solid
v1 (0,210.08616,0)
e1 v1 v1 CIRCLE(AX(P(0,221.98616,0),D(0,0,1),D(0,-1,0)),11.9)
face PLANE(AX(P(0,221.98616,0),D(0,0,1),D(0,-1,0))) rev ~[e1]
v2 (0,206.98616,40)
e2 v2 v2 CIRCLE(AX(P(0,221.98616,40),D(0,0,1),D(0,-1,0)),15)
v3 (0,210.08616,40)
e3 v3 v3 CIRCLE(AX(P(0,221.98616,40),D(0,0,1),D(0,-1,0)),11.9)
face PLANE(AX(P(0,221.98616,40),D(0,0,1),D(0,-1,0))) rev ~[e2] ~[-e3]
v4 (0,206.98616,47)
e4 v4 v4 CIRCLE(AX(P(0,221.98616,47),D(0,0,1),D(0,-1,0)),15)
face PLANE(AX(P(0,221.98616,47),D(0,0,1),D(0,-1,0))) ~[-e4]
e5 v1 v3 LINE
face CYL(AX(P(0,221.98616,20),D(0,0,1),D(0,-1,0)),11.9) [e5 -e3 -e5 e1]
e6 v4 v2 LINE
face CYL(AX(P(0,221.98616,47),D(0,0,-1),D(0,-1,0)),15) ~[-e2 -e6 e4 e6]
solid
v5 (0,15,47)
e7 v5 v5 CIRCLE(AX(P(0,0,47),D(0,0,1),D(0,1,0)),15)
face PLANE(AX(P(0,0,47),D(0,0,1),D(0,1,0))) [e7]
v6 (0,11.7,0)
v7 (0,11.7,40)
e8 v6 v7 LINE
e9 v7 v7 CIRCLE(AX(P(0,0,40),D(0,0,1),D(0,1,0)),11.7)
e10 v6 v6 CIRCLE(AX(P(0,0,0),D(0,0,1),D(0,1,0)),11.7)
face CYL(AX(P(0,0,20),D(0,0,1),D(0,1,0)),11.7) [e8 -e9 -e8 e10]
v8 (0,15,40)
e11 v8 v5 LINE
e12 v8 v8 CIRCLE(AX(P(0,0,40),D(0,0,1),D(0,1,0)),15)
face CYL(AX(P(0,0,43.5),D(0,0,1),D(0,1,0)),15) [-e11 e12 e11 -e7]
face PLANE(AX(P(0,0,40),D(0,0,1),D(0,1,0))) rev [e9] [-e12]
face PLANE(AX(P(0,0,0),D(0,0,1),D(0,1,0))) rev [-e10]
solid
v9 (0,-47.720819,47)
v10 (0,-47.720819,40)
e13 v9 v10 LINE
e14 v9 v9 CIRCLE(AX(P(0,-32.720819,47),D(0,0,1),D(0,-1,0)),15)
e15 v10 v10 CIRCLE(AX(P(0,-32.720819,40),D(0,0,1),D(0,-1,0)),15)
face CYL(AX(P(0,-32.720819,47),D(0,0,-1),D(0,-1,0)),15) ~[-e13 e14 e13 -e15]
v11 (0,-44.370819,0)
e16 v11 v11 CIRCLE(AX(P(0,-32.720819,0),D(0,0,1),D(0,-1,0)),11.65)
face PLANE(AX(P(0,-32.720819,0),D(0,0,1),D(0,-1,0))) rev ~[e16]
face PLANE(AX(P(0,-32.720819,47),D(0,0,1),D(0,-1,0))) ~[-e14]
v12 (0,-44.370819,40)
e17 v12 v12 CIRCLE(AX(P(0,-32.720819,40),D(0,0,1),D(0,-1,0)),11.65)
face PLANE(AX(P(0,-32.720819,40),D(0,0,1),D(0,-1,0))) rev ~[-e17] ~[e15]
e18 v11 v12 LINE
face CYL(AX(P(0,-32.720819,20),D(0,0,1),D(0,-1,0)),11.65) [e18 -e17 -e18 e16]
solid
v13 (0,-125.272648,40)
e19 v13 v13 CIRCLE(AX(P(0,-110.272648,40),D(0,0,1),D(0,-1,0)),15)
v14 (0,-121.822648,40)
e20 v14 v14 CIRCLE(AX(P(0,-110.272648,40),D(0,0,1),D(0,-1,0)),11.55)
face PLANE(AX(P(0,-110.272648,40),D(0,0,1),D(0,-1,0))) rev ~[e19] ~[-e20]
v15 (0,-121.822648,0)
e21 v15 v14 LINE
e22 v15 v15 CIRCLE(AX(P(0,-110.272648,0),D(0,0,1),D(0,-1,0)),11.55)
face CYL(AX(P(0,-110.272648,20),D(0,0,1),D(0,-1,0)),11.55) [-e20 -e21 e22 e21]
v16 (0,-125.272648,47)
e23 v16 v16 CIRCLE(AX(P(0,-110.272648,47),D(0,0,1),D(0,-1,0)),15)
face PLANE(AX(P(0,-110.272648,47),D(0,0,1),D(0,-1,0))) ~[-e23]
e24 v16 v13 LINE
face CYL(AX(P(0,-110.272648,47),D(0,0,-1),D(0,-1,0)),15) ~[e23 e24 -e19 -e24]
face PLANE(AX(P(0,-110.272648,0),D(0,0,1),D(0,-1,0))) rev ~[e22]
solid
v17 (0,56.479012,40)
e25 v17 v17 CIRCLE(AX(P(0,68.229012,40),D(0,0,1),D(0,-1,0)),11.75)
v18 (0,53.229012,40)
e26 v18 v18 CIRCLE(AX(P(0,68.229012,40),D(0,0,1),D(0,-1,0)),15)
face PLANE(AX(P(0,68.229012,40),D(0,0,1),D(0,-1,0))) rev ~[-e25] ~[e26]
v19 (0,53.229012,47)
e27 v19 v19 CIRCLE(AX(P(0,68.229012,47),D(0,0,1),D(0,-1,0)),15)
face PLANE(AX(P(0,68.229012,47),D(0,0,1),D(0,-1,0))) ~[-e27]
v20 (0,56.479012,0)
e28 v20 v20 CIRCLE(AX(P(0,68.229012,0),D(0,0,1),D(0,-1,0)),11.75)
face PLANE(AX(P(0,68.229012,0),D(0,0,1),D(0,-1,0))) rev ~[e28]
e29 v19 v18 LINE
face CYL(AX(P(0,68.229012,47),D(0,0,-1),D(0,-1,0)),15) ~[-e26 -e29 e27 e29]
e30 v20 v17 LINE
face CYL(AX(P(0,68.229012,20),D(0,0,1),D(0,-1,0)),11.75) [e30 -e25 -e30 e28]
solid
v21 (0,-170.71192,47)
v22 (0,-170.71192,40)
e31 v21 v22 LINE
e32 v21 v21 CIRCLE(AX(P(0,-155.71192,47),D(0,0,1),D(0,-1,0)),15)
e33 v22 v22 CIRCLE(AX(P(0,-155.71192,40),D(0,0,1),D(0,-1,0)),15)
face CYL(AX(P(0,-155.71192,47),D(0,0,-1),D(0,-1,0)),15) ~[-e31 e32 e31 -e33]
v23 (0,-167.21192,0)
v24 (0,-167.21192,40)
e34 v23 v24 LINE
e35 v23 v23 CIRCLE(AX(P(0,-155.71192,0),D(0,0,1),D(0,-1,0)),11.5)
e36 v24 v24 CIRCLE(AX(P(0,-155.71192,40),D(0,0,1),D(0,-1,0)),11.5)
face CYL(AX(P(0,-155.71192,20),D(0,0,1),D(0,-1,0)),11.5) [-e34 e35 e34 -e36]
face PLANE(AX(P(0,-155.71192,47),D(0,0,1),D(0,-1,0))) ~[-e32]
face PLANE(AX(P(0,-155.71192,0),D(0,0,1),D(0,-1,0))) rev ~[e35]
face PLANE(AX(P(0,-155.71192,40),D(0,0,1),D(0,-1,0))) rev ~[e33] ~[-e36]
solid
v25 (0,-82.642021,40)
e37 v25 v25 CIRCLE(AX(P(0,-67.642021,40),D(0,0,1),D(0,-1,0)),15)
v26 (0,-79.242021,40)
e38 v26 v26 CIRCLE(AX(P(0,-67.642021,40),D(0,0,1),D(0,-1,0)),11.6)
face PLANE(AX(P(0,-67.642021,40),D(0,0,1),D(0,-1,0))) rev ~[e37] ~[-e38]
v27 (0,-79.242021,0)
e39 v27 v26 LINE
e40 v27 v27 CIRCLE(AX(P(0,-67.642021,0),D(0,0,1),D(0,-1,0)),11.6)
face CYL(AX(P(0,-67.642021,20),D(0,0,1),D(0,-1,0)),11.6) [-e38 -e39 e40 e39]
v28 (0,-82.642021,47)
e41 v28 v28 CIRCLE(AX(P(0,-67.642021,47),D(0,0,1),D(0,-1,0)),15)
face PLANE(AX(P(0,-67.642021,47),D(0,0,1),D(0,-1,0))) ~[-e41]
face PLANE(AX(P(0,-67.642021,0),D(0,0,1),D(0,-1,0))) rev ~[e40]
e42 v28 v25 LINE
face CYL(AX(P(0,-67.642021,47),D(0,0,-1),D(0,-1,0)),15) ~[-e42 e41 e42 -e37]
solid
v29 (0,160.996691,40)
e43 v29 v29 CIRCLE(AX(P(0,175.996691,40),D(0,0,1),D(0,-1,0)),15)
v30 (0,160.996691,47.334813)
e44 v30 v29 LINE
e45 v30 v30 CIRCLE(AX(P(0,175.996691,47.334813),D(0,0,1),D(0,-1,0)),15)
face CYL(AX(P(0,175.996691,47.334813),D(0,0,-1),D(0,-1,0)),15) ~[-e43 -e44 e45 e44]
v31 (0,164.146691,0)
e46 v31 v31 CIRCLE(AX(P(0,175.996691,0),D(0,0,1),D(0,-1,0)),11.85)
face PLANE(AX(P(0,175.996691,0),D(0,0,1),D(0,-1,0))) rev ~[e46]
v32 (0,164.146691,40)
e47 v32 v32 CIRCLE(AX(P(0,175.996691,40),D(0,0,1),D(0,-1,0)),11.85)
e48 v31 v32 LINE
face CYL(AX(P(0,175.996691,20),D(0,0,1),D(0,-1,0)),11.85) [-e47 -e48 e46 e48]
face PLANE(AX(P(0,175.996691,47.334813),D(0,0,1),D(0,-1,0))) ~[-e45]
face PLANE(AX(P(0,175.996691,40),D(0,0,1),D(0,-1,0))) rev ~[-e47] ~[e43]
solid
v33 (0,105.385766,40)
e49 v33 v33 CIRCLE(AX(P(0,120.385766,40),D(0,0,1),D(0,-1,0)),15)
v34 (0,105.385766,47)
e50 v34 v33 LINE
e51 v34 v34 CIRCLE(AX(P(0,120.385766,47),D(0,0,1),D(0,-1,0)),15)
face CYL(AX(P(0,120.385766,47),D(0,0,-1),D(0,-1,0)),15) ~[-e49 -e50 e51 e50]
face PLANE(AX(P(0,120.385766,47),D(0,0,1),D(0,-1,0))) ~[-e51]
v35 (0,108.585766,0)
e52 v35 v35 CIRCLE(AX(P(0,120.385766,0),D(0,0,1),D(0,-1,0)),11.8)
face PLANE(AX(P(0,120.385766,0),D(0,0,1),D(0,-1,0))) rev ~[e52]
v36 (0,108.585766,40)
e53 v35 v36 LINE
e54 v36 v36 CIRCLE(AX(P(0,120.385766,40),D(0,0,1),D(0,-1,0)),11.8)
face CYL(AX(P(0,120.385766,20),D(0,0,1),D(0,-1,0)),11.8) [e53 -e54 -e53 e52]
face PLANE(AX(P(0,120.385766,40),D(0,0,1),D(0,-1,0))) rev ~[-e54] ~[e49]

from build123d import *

# Parameters (mm, degrees)
F0_W    = 11.7
F0_H    = 7
F0_W_2  = 3.3
F0_H_2  = 40
F0_W_3  = 11.9
F0_W_4  = 11.85
F0_W_5  = 11.8
F0_W_6  = 11.75
F0_W_7  = 11.65
F0_W_8  = 11.6
F0_W_9  = 11.55
F0_W_10 = 11.5


with BuildPart() as f1:
    # F0 (on Right) → F1 (revolve)
    with BuildSketch(Plane.YZ):
        with Locations((5.85, 43.5)):
            Rectangle(F0_W, F0_H)
        with Locations((13.35, 43.5)):
            Rectangle(F0_W_2, F0_H)
        with Locations((5.85, 20)):
            Rectangle(F0_W, F0_H_2)
    revolve(axis=Axis((0, 0, 23.5), (0, 0, 1)))


with BuildPart() as f2:
    # F0 (on Right) → F2 (revolve)
    with BuildSketch(Plane.YZ):
        with Locations((216.0361596823, 20)):
            Rectangle(F0_W_3, F0_H_2)
        Polygon((210.0861596823, 40), (221.9861596823, 40), (221.9861596823, 47), (206.9861596823, 47), (206.9861596823, 40), align=None)
    revolve(axis=Axis((0, 221.9861596823, 20), (0, 0, 1)))


with BuildPart() as f3:
    # F0 (on Right) → F3 (revolve)
    with BuildSketch(Plane.YZ):
        with Locations((170.0716909885, 20)):
            Rectangle(F0_W_4, F0_H_2)
        Polygon((160.9966909885, 40), (164.1466909885, 40), (175.9966909885, 40), (175.9966909885, 47.3348134756), (160.9966909885, 47.3348134756), align=None)
    revolve(axis=Axis((0, 175.9966909885, 20), (0, 0, 1)))


with BuildPart() as f4:
    # F0 (on Right) → F4 (revolve)
    with BuildSketch(Plane.YZ):
        with Locations((114.4857660294, 20)):
            Rectangle(F0_W_5, F0_H_2)
        Polygon((108.5857660294, 40), (120.3857660294, 40), (120.3857660294, 47), (105.3857660294, 47), (105.3857660294, 40), align=None)
    revolve(axis=Axis((0, 120.3857660294, 20), (0, 0, 1)))


with BuildPart() as f5:
    # F0 (on Right) → F5 (revolve)
    with BuildSketch(Plane.YZ):
        Polygon((56.4790121913, 40), (68.2290121913, 40), (68.2290121913, 47), (53.2290121913, 47), (53.2290121913, 40), align=None)
        with Locations((62.3540121913, 20)):
            Rectangle(F0_W_6, F0_H_2)
    revolve(axis=Axis((0, 68.2290121913, 20), (0, 0, 1)))


with BuildPart() as f6:
    # F0 (on Right) → F6 (revolve)
    with BuildSketch(Plane.YZ):
        with Locations((-38.5458188832, 20)):
            Rectangle(F0_W_7, F0_H_2)
        Polygon((-44.3708188832, 40), (-32.7208188832, 40), (-32.7208188832, 47), (-47.7208188832, 47), (-47.7208188832, 40), align=None)
    revolve(axis=Axis((0, -32.7208188832, 20), (0, 0, 1)))


with BuildPart() as f7:
    # F0 (on Right) → F7 (revolve)
    with BuildSketch(Plane.YZ):
        Polygon((-79.2420208454, 40), (-67.6420208454, 40), (-67.6420208454, 47), (-82.6420208454, 47), (-82.6420208454, 40), align=None)
        with Locations((-73.4420208454, 20)):
            Rectangle(F0_W_8, F0_H_2)
    revolve(axis=Axis((0, -67.6420208454, 20), (0, 0, 1)))


with BuildPart() as f8:
    # F0 (on Right) → F8 (revolve)
    with BuildSketch(Plane.YZ):
        with Locations((-116.0476477504, 20)):
            Rectangle(F0_W_9, F0_H_2)
        Polygon((-121.8226477504, 40), (-110.2726477504, 40), (-110.2726477504, 47), (-125.2726477504, 47), (-125.2726477504, 40), align=None)
    revolve(axis=Axis((0, -110.2726477504, 20), (0, 0, 1)))


with BuildPart() as f9:
    # F0 (on Right) → F9 (revolve)
    with BuildSketch(Plane.YZ):
        Polygon((-167.211920023, 40), (-155.711920023, 40), (-155.711920023, 47), (-170.711920023, 47), (-170.711920023, 40), align=None)
        with Locations((-161.461920023, 20)):
            Rectangle(F0_W_10, F0_H_2)
    revolve(axis=Axis((0, -155.711920023, 20), (0, 0, 1)))


solid = Compound([f1.part, f2.part, f3.part, f4.part, f5.part, f6.part, f7.part, f8.part, f9.part])
